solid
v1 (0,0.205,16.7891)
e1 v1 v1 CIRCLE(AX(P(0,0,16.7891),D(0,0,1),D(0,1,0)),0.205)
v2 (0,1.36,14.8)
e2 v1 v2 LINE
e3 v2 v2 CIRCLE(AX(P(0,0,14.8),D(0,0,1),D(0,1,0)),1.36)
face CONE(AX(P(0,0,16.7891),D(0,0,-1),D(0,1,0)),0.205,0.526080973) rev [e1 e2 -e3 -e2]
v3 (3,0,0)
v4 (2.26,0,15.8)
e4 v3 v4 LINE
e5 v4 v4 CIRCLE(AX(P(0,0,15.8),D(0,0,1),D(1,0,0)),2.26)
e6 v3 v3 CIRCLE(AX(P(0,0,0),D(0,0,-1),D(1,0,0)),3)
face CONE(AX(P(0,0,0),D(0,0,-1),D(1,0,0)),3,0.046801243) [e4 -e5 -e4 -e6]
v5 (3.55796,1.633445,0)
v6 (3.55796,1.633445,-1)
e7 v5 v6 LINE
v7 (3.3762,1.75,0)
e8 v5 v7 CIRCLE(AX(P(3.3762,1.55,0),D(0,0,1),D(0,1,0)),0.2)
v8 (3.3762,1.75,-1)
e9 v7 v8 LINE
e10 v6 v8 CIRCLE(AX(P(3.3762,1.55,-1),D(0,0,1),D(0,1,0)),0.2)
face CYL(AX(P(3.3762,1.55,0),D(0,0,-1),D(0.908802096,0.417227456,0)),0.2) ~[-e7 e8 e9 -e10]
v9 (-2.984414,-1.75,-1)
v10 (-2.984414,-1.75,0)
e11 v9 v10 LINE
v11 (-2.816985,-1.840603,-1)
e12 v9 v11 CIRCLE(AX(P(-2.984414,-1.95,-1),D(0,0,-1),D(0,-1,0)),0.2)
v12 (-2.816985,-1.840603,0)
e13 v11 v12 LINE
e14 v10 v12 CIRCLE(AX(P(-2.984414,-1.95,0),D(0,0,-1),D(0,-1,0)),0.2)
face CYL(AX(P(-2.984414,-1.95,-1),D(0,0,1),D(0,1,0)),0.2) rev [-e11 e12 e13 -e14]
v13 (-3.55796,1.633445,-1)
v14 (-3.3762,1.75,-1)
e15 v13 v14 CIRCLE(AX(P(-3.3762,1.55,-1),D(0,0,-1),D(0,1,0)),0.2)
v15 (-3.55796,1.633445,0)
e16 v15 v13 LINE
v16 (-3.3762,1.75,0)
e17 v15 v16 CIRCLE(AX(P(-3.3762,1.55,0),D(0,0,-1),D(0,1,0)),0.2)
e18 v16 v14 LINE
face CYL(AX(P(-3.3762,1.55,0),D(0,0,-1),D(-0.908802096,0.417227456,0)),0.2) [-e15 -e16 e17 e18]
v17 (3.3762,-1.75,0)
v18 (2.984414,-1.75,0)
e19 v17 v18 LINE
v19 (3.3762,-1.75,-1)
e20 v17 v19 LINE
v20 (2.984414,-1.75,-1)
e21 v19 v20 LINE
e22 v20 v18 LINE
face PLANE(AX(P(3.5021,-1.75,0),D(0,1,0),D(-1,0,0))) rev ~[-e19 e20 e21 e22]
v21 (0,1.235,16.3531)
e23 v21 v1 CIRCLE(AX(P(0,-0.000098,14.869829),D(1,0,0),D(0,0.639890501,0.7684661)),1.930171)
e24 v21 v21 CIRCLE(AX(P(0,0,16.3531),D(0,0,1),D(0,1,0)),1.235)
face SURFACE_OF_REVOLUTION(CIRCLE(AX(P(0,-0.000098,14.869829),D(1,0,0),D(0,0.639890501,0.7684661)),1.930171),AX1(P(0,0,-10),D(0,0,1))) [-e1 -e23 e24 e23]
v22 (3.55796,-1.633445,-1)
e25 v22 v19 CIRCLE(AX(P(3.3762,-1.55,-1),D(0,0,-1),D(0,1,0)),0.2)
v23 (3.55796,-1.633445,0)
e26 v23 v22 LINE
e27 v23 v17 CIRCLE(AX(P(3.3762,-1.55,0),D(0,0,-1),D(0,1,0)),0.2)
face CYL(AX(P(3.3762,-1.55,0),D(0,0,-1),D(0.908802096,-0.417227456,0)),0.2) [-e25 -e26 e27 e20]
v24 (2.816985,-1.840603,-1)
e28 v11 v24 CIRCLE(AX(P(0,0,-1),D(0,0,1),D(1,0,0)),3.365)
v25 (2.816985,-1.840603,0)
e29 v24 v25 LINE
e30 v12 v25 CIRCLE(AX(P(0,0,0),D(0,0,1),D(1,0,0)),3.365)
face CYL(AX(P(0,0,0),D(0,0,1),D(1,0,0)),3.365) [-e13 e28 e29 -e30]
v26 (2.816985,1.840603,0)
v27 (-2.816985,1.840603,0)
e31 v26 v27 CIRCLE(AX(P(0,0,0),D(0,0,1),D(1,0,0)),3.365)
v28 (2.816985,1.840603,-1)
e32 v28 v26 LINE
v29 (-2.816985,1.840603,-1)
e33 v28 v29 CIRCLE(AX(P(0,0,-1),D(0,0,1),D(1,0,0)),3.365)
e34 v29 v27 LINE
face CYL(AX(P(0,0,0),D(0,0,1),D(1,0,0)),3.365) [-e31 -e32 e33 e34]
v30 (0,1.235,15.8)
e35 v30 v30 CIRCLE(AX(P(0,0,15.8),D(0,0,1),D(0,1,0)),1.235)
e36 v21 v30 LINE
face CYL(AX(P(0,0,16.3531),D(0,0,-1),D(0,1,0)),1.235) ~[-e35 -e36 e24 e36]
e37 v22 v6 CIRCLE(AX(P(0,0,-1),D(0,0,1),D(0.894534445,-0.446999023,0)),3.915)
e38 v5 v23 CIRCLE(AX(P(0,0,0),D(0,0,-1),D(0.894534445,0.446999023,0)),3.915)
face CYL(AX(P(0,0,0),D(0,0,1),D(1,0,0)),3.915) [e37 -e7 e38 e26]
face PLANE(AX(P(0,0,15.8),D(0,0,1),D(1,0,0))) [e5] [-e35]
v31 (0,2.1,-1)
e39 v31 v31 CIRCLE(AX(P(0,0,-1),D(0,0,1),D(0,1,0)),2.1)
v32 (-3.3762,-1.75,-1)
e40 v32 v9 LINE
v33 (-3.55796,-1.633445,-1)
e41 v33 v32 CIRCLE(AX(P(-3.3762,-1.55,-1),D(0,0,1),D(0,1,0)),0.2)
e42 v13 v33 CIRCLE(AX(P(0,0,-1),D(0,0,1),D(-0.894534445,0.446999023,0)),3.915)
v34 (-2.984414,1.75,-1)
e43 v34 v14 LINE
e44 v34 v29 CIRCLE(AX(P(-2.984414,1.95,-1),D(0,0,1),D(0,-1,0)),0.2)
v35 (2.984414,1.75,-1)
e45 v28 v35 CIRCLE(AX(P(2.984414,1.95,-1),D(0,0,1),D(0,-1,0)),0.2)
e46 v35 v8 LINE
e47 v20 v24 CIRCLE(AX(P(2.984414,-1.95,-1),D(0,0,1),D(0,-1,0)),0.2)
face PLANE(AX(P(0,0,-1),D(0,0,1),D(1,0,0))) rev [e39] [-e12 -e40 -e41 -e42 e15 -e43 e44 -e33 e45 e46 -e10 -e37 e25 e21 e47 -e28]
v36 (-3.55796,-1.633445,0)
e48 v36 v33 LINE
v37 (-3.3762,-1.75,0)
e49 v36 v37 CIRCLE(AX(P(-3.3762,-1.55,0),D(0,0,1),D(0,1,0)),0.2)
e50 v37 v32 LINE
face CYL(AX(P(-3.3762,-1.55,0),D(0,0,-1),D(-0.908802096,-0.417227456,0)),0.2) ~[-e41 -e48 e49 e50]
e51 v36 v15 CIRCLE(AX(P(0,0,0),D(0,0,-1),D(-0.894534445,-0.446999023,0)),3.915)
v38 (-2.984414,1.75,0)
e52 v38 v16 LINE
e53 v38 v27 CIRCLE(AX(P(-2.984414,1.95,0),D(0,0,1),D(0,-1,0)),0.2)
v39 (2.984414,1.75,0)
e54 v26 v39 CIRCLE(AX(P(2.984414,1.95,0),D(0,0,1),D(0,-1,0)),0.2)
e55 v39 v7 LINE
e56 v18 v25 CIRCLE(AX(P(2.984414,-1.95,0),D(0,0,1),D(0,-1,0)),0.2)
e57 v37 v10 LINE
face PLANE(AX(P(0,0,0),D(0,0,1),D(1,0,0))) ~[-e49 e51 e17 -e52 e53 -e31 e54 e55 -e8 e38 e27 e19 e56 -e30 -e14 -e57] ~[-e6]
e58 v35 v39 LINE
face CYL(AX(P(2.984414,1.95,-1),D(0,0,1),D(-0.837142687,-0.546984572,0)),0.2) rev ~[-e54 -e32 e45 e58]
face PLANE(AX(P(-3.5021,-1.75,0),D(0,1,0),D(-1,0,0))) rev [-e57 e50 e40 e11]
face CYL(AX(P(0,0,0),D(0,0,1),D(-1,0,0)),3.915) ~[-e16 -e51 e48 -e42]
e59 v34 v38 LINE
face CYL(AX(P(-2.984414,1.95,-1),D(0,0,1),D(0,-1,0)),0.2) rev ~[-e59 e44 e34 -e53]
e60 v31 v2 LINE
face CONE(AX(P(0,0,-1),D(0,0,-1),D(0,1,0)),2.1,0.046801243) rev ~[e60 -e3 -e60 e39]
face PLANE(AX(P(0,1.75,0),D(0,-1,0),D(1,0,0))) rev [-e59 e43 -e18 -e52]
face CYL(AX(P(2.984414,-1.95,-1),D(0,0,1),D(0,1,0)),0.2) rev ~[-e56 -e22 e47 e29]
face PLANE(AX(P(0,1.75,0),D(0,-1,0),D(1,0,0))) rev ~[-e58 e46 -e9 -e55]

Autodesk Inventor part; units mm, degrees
ref_plane "YZ Plane" through (0, 0, 0) normal (1, 0, 0) x (0, 1, 0)
ref_plane "XZ Plane" through (0, 0, 0) normal (0, 1, 0) x (-1, 0, 0)
ref_plane "XY Plane" through (0, 0, 0) normal (0, 0, 1) x (1, 0, 0)
sketch "Sketch1" plane through (0, 0, 0) normal (0, 0, 1) x (1, 0, 0)
  circle A0 centre (0, 0) radius 3.365
  dimension "d0" = 6.73
sketch "Sketch2" plane through (0, 0, 0) normal (0, 1, 0) x (-1, 0, 0)
  line L0 (0, -3.16) -> (0, 18.96) projected
  line L1 (0, 0) -> (-2.26, 0)
  line L2 (0, 0) -> (-3, 0)
  line L3 (-3, 0) -> (-2.26, 15.8)
  line L4 (-2.26, 15.8) -> (0, 15.8)
  line L5 (0, 0) -> (0, 15.8)
  dimension "d3" = 2.26
  dimension "d5" = 2.26
  dimension "d6" = 3
  dimension "d7" = 15.8
revolve "Revolution1" add sketch "Sketch2" angle 360 about axis through (0, 0, -10) along (0, 0, 1)
sketch "Sketch3" plane through (0, 0, 0) normal (0, 0, -1) x (-1, 0, 0)
  circle A0 centre (0, 0) radius 3 projected
extrude "Extrusion1" add sketch "Sketch1" against normal blind 1
sketch "Sketch4" plane through (0, 0, 0) normal (0, 0, 1) x (1, 0, 0)
  circle A0 centre (0, 0) radius 3.915
  line L0 (0, 1.75) -> (3.5021, 1.75)
  line L1 (8.4729, 1.75) -> (8.4729, -1.75)
  line L2 (3.5021, -1.75) -> (0, -1.75)
  line L3 (0, -1.75) -> (0, 1.75)
  point P0 (0, 0)
  dimension "d11" = 7.83
  dimension "d12" = 3.5
extrude "Extrusion2" add sketch "Sketch4" against normal blind 1 contours A0 L2 L3 L0 picked at (1.305, 0)
fillet "Fillet1" radius 0.2 4 edges at (2.8741, 1.75, -0.5) (2.8741, -1.75, -0.5) (3.5021, 1.75, -0.5) (3.5021, -1.75, -0.5)
mirror "Mirror1" about plane through (0, 0, 0) normal (1, 0, 0) of "Extrusion2", "Fillet1"
sketch "Sketch5" plane through (0, 0, -1) normal (0, 0, -1) x (-1, 0, 0)
  arc A0 (-2.817, -1.8406) -> (2.817, -1.8406) centre (0, 0) ccw projected
  circle A1 centre (0, 0) radius 0.205
  dimension "d16" = 0.41
extrude "Extrusion3" [suppressed]
sketch "Sketch6" plane through (0, 0, 0) normal (1, 0, 0) x (0, 1, 0)
  line L0 (0, -10.88) -> (0, 58.28) projected
  line L1 (2.26, 15.8) -> (-2.26, 15.8) projected
  line L2 (0, 16.3531) -> (1.235, 16.3531)
  line L3 (1.235, 16.3531) -> (1.235, 15.8)
  line L4 (1.235, 15.8) -> (0, 15.8)
  line L5 (0, 15.8) -> (0, 16.3531)
  arc A0 (1.235, 16.3531) -> (0, 16.8) centre (0, 14.87) ccw
  line L6 (0, 16.8) -> (0, 16.3531)
  point P0 (0, 0)
  dimension "d19" = 1.235
revolve "Revolution2" add sketch "Sketch6" angle 360 about axis through (0, 0, -10) along (0, 0, 1)
sketch "Sketch9" plane through (0, 0, 0) normal (1, 0, 0) x (0, 1, 0)
  line L0 (0, -10.88) -> (0, 58.28) projected
  line L1 (2.26, 15.8) -> (-2.26, 15.8) projected
  line L2 (3, 0) -> (2.26, 15.8) projected
  line L3 (-1.6334, -1) -> (1.6334, -1) projected
  line L4 (0, 18.0112) -> (0, -1)
  line L5 (2.1, -1) -> (1.36, 14.8)
  line L6 (0.205, 18.0112) -> (0, 18.0112)
  line L7 (0, -1) -> (2.1, -1)
  line L8 (1.36, 14.8) -> (0.205, 14.8)
  line L9 (0.205, 14.8) -> (0.205, 18.0112)
  arc A0 (1.235, 16.3531) -> (-1.235, 16.3531) centre (0, 14.87) ccw projected
  line L10 (0.205, 16.7891) -> (1.36, 14.8)
  dimension "d37" = 2.1
  dimension "d38" = 1
  dimension "d40" = 0.205
revolve "Revolution3" cut sketch "Sketch9" angle 360 about axis through (0, 0, -10) along (0, 0, 1)
properties part number "Luer_Female"
